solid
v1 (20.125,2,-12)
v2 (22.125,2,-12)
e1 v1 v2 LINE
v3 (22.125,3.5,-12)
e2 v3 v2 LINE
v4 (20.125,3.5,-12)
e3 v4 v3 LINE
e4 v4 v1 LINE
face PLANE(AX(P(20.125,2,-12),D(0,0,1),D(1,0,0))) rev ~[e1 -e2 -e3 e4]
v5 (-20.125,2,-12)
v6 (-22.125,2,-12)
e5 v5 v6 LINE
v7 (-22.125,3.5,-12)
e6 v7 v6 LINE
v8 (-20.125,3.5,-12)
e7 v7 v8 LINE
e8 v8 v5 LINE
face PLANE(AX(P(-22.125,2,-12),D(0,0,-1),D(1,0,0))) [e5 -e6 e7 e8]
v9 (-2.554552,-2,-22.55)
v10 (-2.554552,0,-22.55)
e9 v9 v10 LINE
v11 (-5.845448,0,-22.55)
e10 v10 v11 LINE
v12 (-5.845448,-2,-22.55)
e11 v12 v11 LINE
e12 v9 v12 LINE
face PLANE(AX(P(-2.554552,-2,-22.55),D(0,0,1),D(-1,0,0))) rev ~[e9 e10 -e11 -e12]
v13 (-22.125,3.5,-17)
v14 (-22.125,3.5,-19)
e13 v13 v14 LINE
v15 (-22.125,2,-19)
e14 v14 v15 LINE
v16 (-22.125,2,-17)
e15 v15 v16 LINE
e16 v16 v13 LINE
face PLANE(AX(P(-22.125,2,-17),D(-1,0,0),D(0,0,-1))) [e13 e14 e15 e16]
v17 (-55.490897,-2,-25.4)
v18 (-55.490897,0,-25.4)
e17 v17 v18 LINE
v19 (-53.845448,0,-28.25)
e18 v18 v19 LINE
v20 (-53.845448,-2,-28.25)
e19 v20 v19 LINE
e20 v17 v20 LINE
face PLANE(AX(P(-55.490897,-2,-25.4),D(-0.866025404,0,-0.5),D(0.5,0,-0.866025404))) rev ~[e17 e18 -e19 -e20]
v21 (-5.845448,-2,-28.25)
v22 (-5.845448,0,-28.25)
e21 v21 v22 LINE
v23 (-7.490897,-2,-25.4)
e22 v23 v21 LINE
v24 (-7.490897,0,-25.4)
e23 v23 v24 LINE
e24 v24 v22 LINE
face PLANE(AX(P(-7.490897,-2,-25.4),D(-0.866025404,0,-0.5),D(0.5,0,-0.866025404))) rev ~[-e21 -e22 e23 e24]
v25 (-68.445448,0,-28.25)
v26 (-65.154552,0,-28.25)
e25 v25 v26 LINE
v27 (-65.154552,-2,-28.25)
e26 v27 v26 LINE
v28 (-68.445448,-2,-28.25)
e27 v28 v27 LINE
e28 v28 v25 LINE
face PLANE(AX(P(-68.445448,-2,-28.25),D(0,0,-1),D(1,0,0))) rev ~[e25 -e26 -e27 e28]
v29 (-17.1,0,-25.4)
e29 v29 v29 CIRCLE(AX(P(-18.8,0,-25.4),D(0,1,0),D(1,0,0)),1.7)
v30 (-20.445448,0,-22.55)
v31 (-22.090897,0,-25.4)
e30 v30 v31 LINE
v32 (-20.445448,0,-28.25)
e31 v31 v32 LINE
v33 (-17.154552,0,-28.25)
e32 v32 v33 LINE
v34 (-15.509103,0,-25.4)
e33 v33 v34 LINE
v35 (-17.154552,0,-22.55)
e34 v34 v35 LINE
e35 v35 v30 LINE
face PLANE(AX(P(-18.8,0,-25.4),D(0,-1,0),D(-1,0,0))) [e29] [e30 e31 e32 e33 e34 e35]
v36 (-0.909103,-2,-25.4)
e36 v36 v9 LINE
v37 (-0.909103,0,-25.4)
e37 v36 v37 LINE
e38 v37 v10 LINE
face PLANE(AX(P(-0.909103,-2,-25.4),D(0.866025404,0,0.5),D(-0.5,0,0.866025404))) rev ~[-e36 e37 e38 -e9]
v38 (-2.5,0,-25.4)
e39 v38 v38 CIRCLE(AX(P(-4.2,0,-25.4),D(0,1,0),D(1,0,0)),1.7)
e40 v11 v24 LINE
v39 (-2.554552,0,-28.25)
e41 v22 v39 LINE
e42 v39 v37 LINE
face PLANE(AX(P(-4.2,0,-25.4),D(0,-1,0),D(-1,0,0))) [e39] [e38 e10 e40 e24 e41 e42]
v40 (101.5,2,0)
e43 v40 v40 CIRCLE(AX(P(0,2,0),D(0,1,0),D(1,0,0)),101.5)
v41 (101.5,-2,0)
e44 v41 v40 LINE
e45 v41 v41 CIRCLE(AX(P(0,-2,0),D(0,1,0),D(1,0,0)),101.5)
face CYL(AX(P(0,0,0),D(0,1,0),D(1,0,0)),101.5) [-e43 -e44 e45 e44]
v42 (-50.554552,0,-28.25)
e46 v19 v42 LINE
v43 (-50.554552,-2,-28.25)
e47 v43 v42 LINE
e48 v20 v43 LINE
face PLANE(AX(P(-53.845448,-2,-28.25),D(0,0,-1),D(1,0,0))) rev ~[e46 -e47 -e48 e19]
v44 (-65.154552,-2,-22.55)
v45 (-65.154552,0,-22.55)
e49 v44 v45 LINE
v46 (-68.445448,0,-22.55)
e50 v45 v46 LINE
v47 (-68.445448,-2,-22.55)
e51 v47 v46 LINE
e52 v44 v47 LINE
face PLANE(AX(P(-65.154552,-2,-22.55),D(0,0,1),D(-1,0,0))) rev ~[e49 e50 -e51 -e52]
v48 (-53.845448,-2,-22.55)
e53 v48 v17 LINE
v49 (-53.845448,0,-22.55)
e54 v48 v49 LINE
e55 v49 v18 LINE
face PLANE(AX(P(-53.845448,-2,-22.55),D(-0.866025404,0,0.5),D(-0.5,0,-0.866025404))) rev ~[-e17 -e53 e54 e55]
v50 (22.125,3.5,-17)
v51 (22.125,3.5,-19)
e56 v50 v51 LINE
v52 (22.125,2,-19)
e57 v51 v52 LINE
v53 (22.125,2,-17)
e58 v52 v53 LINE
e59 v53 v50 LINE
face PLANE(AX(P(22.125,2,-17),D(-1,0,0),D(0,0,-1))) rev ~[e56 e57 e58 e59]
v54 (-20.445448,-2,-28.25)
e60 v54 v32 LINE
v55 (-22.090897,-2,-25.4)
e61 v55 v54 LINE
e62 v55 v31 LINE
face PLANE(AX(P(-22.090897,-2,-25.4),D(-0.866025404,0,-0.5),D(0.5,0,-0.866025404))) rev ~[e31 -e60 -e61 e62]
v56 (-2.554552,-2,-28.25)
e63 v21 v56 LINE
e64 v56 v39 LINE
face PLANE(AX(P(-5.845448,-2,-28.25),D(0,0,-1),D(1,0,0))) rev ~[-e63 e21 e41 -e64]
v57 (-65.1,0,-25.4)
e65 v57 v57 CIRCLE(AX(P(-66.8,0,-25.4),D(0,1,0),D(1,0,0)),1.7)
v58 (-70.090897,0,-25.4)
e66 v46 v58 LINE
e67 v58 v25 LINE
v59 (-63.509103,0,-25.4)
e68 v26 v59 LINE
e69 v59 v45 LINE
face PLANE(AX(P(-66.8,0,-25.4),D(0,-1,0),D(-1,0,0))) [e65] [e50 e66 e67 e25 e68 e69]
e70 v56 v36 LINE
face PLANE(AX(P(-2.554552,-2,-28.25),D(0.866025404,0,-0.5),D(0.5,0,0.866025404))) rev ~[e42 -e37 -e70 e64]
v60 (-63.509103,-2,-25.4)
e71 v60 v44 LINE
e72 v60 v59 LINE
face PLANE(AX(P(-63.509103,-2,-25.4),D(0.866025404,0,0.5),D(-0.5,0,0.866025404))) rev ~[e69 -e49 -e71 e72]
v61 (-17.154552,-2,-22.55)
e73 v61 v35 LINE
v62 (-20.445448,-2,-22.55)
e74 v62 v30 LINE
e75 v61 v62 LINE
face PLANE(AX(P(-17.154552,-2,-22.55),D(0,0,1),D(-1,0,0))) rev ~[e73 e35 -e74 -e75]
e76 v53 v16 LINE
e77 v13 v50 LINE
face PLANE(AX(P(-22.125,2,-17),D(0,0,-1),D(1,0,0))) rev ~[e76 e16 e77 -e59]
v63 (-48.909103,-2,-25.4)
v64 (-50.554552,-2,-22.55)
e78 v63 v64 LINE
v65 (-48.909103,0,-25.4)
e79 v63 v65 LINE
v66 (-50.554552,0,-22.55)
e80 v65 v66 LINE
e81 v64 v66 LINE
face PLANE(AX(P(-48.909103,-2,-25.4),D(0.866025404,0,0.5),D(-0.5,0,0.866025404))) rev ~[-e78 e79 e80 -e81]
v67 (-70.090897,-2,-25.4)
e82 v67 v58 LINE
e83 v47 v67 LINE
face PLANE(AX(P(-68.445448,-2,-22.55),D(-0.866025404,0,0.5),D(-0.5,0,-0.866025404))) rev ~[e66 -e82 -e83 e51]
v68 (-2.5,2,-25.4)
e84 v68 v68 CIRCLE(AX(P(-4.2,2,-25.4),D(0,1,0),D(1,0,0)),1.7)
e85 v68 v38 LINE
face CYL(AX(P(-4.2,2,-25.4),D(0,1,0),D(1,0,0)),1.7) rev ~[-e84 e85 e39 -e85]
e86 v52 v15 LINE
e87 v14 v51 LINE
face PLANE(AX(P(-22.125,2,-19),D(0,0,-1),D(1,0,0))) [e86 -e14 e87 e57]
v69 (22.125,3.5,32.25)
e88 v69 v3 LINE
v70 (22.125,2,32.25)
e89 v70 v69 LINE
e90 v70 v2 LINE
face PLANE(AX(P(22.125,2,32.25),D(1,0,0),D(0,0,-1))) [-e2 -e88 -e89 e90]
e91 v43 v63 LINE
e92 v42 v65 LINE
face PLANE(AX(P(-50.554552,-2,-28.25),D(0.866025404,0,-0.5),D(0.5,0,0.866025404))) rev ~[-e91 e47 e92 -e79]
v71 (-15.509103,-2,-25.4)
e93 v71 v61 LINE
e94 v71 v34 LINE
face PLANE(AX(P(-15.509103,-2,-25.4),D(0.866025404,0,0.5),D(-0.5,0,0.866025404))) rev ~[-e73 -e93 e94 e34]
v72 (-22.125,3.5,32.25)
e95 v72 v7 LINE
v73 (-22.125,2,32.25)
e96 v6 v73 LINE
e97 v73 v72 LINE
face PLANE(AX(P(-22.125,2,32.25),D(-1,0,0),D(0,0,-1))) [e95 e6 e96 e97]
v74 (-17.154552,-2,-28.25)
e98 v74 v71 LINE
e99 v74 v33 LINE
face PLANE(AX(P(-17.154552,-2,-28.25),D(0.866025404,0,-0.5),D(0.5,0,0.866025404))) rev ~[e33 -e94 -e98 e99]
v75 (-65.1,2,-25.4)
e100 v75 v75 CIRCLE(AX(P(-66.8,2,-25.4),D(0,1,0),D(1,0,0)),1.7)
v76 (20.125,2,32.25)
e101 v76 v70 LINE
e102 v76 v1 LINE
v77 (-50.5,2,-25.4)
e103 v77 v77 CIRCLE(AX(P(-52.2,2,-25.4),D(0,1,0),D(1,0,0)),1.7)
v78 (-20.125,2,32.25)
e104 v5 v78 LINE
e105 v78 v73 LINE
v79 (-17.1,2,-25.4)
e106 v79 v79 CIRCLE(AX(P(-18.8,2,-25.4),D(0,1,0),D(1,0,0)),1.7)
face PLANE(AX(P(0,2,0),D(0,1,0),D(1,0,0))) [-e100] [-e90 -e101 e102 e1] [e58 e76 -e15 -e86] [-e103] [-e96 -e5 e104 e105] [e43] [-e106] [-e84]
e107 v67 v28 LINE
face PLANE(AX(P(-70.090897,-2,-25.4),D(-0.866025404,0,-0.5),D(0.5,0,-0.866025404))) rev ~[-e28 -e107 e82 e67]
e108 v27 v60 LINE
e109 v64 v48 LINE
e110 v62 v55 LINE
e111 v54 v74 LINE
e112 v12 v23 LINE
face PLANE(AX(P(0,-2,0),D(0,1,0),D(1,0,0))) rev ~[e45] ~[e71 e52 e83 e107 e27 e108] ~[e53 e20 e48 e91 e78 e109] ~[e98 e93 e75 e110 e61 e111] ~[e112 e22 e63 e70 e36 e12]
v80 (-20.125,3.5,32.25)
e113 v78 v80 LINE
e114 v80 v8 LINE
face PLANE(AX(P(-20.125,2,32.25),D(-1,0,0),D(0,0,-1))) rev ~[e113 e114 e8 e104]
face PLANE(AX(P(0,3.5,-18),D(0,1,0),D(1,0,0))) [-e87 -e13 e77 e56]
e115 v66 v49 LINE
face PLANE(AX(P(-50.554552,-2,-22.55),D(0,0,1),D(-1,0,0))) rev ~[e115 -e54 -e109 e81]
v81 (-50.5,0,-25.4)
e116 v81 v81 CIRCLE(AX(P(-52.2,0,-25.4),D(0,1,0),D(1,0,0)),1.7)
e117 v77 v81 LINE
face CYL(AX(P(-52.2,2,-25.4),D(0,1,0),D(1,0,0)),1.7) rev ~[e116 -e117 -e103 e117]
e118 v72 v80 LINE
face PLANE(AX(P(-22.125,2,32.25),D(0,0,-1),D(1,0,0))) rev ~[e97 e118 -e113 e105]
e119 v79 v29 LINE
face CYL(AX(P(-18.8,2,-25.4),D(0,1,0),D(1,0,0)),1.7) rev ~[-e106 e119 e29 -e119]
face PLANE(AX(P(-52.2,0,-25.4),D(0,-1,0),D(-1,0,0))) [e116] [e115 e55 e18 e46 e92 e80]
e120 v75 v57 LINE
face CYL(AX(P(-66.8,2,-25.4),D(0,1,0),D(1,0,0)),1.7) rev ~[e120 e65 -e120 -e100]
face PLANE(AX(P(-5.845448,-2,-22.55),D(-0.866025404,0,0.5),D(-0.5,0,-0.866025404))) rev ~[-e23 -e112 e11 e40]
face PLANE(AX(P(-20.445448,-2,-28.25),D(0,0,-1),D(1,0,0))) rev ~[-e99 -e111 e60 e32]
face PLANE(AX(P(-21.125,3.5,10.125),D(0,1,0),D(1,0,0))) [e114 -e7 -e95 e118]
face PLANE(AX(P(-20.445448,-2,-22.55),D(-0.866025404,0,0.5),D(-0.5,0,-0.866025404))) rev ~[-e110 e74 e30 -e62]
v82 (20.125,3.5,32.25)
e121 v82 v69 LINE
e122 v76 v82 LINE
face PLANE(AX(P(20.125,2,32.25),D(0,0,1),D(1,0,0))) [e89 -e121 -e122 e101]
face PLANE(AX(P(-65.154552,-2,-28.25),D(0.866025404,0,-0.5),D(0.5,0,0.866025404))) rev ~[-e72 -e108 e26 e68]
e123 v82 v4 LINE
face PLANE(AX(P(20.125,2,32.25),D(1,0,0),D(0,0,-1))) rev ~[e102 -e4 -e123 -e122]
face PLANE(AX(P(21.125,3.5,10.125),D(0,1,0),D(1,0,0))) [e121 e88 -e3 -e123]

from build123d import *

# Parameters (mm, degrees)
SKETCH2_R           = 101.5
BOSS_EXTRUDE2_DEPTH = 2
SKETCH4_W           = 44.25
SKETCH4_H           = 2
SKETCH4_W_2         = 2
SKETCH4_H_2         = 44.25
BOSS_EXTRUDE3_DEPTH = 1.5
SKETCH5_R           = 1.7
CUT_EXTRUDE1_DEPTH  = 5
CUT_EXTRUDE2_DEPTH  = 2


with BuildPart() as part:
    # Sketch2 → Boss-Extrude2 (new body, symmetric)
    with BuildSketch(Plane(origin=(0, 0, 0), x_dir=(1, 0, 0), z_dir=(0, 1, 0))):
        Circle(SKETCH2_R)
    extrude(amount=BOSS_EXTRUDE2_DEPTH, both=True)

    # Sketch4 → Boss-Extrude3 (add, symmetric)
    with BuildSketch(Plane(origin=(0, 2, 0), x_dir=(1, 0, 0), z_dir=(0, 1, 0))):
        with Locations((0, 18)):
            Rectangle(SKETCH4_W, SKETCH4_H)
        with Locations((-21.125, -10.125)):
            Rectangle(SKETCH4_W_2, SKETCH4_H_2)
        with Locations((21.125, -10.125)):
            Rectangle(SKETCH4_W_2, SKETCH4_H_2)
    extrude(amount=BOSS_EXTRUDE3_DEPTH, both=True)

    # Sketch5 → Cut-Extrude1 (cut, through all)
    with BuildSketch(Plane(origin=(0, 2, 0), x_dir=(1, 0, 0), z_dir=(0, 1, 0))):
        with Locations((-66.8, 25.4)):
            Circle(SKETCH5_R)
        with Locations((-52.2, 25.4)):
            Circle(SKETCH5_R)
        with Locations((-18.8, 25.4)):
            Circle(SKETCH5_R)
        with Locations((-4.2, 25.4)):
            Circle(SKETCH5_R)
    extrude(amount=-CUT_EXTRUDE1_DEPTH, mode=Mode.SUBTRACT)

    # Sketch6 → Cut-Extrude2 (cut)
    with BuildSketch(Plane(origin=(0, -2, 0), x_dir=(-1, 0, 0), z_dir=(0, -1, 0))):
        Polygon((7.490896534, 25.4), (5.845448267, 28.25), (2.554551733, 28.25), (0.909103466, 25.4), (2.554551733, 22.55), (5.845448267, 22.55), align=None)
        Polygon((22.090896534, 25.4), (20.445448267, 28.25), (17.154551733, 28.25), (15.509103466, 25.4), (17.154551733, 22.55), (20.445448267, 22.55), align=None)
        Polygon((55.490896534, 25.4), (53.845448267, 28.25), (50.554551733, 28.25), (48.909103466, 25.4), (50.554551733, 22.55), (53.845448267, 22.55), align=None)
        Polygon((70.090896534, 25.4), (68.445448267, 28.25), (65.154551733, 28.25), (63.509103466, 25.4), (65.154551733, 22.55), (68.445448267, 22.55), align=None)
    extrude(amount=-CUT_EXTRUDE2_DEPTH, mode=Mode.SUBTRACT)


solid = part.part
